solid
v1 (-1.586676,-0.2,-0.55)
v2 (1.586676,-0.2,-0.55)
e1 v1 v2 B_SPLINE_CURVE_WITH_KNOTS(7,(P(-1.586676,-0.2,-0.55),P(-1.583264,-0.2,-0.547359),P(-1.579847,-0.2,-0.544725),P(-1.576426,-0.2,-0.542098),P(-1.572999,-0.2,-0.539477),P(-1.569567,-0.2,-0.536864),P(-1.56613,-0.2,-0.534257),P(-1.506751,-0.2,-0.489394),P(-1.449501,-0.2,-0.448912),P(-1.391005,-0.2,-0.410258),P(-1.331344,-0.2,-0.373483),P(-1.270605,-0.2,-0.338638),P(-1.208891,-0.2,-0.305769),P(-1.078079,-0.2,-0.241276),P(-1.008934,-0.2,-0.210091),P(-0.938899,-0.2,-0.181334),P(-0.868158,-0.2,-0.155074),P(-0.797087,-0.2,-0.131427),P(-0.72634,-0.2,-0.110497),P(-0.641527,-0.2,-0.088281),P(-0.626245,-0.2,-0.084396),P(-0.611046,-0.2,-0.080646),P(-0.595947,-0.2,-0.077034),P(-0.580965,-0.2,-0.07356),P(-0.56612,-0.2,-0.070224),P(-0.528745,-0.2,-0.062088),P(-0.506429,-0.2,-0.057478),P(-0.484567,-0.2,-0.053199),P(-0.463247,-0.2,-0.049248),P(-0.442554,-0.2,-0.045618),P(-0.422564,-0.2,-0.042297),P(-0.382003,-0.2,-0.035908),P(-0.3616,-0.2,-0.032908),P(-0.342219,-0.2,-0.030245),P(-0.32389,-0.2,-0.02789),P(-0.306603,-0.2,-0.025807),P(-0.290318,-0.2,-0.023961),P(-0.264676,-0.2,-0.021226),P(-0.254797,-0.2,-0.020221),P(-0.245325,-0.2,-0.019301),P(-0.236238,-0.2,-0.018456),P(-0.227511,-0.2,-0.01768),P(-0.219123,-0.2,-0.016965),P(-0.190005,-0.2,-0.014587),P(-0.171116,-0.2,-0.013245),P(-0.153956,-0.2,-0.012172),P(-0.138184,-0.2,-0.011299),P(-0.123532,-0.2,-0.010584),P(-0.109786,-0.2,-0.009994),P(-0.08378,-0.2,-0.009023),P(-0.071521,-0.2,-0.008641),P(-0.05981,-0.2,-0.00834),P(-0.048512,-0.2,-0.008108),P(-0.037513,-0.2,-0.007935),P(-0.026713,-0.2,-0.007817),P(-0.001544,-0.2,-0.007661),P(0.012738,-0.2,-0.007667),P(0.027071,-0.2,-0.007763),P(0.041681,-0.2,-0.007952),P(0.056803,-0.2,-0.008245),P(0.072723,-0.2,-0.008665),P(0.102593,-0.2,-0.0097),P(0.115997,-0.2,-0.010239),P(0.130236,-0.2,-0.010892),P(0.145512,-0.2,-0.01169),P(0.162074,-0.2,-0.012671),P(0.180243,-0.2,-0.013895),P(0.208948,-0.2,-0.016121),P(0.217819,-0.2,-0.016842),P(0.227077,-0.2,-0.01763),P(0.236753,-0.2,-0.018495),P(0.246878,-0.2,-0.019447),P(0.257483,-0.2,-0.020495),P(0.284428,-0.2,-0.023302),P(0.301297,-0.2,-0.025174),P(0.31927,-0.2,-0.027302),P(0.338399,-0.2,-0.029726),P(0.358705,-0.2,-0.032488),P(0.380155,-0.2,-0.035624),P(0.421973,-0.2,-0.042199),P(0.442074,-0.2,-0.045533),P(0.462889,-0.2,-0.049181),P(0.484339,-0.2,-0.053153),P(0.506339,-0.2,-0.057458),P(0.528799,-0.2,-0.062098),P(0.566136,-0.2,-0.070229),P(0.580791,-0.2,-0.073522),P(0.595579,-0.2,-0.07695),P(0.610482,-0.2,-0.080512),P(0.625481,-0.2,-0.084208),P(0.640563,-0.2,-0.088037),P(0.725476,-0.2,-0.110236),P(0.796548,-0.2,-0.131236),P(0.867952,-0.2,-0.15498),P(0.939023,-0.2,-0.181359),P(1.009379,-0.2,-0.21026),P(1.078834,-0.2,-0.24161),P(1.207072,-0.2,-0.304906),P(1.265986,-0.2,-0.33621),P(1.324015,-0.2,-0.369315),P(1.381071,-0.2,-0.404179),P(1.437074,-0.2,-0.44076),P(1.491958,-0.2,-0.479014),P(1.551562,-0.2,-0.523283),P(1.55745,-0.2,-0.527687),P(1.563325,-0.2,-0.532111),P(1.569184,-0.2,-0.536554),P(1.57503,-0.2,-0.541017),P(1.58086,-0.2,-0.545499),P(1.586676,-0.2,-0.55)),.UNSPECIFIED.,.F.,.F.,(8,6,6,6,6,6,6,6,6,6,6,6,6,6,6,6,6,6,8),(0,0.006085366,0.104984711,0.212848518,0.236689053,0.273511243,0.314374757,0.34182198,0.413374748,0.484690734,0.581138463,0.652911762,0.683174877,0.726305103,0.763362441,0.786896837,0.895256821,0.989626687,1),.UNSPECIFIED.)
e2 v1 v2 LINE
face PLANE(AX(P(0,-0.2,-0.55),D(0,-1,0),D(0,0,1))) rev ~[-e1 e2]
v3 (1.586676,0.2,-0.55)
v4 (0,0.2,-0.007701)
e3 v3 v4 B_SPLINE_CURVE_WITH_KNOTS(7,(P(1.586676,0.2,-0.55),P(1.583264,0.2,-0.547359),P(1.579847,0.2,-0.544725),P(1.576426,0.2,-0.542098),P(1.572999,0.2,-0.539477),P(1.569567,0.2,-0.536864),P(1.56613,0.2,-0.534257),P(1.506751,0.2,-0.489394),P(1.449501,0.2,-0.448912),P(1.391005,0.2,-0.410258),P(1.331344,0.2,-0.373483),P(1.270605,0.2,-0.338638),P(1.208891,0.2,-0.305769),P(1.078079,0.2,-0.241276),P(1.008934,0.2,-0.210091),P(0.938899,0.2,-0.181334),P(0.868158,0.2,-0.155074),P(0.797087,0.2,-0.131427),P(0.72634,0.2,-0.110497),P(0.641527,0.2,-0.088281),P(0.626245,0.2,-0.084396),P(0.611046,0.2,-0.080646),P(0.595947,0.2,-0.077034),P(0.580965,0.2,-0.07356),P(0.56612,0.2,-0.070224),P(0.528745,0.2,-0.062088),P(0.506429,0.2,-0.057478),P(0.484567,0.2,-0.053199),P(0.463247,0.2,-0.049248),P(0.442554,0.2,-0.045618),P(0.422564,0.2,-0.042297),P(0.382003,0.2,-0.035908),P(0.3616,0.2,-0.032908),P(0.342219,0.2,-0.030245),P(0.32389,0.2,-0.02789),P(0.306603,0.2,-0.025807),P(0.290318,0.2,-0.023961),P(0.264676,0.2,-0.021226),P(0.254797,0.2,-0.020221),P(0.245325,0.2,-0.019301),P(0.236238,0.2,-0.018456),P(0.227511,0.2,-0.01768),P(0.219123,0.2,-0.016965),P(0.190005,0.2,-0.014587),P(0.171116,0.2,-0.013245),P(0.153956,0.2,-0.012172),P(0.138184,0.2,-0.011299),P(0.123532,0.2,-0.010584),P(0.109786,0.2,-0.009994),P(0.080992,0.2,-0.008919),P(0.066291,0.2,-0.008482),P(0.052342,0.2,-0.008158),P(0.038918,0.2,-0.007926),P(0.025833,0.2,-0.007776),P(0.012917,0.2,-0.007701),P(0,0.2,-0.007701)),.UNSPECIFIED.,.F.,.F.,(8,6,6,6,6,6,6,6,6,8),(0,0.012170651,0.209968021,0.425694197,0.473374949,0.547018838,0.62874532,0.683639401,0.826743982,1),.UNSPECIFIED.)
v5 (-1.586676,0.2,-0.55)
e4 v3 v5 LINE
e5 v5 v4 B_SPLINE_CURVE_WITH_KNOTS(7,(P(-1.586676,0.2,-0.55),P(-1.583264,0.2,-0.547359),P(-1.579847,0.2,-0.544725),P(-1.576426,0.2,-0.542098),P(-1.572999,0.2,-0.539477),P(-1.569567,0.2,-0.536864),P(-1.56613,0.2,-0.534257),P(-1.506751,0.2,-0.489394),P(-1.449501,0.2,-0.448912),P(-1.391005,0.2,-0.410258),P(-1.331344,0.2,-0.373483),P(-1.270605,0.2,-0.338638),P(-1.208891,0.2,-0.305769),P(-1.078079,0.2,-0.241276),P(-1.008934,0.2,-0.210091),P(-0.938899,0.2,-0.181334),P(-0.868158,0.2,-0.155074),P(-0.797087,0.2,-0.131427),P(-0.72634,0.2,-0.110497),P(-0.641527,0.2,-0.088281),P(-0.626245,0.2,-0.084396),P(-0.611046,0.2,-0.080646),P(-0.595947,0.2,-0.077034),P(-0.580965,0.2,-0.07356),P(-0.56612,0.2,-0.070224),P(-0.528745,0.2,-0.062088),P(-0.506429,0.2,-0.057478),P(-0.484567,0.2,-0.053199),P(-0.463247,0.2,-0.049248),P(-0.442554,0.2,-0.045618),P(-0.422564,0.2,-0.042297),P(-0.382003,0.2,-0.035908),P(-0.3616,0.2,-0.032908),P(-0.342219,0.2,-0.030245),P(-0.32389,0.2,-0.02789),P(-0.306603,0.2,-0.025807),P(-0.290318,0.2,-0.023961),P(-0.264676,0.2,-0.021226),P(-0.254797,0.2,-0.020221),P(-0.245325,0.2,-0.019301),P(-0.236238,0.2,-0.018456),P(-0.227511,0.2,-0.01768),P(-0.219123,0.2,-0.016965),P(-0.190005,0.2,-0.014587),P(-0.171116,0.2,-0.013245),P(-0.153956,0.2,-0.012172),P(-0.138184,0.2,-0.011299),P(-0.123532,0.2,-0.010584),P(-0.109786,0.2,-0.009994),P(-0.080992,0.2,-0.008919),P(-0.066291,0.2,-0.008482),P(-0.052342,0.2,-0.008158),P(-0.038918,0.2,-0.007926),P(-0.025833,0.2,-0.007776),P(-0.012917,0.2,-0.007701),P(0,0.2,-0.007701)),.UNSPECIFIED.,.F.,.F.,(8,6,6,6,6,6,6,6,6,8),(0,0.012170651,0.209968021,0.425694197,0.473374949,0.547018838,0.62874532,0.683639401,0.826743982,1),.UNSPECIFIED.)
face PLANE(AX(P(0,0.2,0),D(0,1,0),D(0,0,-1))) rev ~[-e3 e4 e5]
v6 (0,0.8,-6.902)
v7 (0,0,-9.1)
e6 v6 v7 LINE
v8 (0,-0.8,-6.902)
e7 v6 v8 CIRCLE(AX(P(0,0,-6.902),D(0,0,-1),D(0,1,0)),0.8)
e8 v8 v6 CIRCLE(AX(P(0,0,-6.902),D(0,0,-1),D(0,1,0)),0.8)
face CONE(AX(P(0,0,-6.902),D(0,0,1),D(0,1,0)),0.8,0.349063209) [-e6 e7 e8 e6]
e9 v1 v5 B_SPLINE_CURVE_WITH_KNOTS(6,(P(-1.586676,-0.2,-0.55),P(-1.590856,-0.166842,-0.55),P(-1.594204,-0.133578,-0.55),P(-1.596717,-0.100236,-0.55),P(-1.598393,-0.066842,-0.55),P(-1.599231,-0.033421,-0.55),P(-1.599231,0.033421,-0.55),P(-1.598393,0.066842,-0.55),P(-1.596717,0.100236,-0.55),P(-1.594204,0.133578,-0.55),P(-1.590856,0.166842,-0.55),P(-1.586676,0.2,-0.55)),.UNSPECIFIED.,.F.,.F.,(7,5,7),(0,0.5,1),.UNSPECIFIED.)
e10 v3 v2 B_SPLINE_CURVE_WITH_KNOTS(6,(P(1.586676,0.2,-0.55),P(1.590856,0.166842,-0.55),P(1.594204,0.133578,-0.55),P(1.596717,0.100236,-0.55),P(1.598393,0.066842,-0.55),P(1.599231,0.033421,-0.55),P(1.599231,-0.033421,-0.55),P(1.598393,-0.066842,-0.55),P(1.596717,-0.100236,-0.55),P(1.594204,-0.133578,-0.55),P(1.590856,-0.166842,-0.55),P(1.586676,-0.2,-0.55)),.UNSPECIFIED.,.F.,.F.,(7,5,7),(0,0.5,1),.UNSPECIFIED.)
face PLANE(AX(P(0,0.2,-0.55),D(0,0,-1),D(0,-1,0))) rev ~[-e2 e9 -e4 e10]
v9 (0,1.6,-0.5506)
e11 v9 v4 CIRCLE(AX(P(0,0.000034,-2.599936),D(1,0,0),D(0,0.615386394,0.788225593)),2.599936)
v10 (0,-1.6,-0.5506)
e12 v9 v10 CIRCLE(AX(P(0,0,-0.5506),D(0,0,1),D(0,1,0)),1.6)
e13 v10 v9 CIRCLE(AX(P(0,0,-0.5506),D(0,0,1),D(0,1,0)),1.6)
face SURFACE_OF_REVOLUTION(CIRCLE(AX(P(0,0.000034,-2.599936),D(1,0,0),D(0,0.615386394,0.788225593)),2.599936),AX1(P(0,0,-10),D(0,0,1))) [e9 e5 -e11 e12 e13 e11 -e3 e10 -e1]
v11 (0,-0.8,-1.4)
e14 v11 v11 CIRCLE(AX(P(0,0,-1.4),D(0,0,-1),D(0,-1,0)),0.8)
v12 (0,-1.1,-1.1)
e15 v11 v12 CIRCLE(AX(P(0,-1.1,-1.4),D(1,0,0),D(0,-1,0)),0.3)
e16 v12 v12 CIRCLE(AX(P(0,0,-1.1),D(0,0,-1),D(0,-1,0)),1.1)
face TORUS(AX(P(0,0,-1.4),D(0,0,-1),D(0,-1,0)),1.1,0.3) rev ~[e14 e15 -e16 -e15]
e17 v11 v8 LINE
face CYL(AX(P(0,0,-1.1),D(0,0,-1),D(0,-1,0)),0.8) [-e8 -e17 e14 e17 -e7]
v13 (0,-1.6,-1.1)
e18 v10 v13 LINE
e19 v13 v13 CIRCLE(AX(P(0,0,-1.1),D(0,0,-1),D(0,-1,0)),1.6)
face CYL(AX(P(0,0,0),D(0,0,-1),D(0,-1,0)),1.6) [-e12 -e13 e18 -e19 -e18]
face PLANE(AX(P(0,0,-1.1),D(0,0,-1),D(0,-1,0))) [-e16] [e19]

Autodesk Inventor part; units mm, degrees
ref_plane "YZ Plane" through (0, 0, 0) normal (1, 0, 0) x (0, 1, 0)
ref_plane "XZ Plane" through (0, 0, 0) normal (0, 1, 0) x (-1, 0, 0)
ref_plane "XY Plane" through (0, 0, 0) normal (0, 0, 1) x (1, 0, 0)
sketch "Sketch2" plane through (0, 0, 0) normal (1, 0, 0) x (0, 1, 0)
  line L0 (0.8, -9.1) -> (-0.8, -9.1) projected
  line L1 (0.8, -9.1) -> (0.8, -1.4) projected
  line L2 (0, 1.82) -> (0, -10.92) projected
  line L3 (0, -9.1) -> (0.8, -9.1)
  line L4 (0.8, -6.902) -> (0, -9.1)
  point P0 (0, 0)
  dimension "d55" = 20
sketch "Sketch1" plane through (0, 0, 0) normal (1, 0, 0) x (0, 1, 0)
  line L0 (0, 0) -> (0, -197.906)
  line L1 (0, 0) -> (-1.6, 0)
  line L2 (-1.6, 0) -> (-1.6, -1.1)
  line L3 (-1.6, -1.1) -> (-0.8, -1.1)
  line L4 (-0.8, -1.1) -> (-0.8, -9.1)
  line L5 (0, -9.1) -> (-0.8, -9.1)
  dimension "d0" = 3.2
  dimension "d4" = 1.6
  dimension "d5" = 1.1
  dimension "d42" = 8
revolve "Revolution1" add sketch "Sketch1" angle 360 about axis through (0, 0, 0) along (0, 0, -1)
fillet "Fillet1" radius 0.3 1 edges at (0, 0.8, -1.1)
thread "Thread1" size "1.6x0.7" class "h15" standard "DIN Wood Screw Thread" length 4.8
revolve "Revolution2" cut sketch "Sketch2" angle 360 about axis through (0, 0, 0) along (0, 0, -1)
sketch "Sketch3" plane through (0, 0, 0) normal (1, 0, 0) x (0, 1, 0)
  line L0 (-0.2, 0) -> (0.2, 0)
  line L1 (0.2, 0) -> (0.2, -0.55)
  line L2 (0.2, -0.55) -> (-0.2, -0.55)
  line L3 (-0.2, -0.55) -> (-0.2, 0)
  point P0 (0, 0)
  point P1 (0, 0)
  dimension "d29" = 0.4
  dimension "d30" = 0.55
extrude "Extrusion1" cut sketch "Sketch3" along normal through all both and the other way through all
sketch "Sketch4" plane through (0, 0, 0) normal (1, 0, 0) x (0, 1, 0)
  line L0 (0.2, 0) -> (0.2, 0) projected
  arc A0 (1.6, -0.5506) -> (0, 0) centre (0, -2.6) ccw
  line L1 (1.6, 0) -> (0.2, 0) projected
  line L2 (1.6, -1.1) -> (1.6, 0) projected
  line L3 (0.2, 0) -> (0, 0)
  line L4 (0, -3.1468) -> (0, 0.6806) projected
  dimension "d40" = 2.6
revolve "Revolution3" cut sketch "Sketch4" angle 360 about axis through (0, 0, -10) along (0, 0, 1)
equation "\"d44\" = r"
equation "\"d45\" = GEL"
equation "\"d29\" = SBR"
equation "\"d30\" = STI"
equation "\"d40\" = R1"
equation "\"d0\" = KOD"
equation "\"d4\" = NND"
equation "\"d5\" = KOH"
equation "\"d42\" = NLG"
equation "\"KOD\" = 3.2"
equation "\"NND\" = 1.6"
equation "\"NLG\" = 8"
equation "\"KOH\" = 1.1"
equation "\"R1\" = 2.6"
equation "\"r\" = 0.3"
equation "\"SBR\" = 0.4"
equation "\"STI\" = 0.55"
equation "\"GEL\" = 0.6 * NLG"
properties part number "DIN 96 - 1,6x8" material "Stahl"
